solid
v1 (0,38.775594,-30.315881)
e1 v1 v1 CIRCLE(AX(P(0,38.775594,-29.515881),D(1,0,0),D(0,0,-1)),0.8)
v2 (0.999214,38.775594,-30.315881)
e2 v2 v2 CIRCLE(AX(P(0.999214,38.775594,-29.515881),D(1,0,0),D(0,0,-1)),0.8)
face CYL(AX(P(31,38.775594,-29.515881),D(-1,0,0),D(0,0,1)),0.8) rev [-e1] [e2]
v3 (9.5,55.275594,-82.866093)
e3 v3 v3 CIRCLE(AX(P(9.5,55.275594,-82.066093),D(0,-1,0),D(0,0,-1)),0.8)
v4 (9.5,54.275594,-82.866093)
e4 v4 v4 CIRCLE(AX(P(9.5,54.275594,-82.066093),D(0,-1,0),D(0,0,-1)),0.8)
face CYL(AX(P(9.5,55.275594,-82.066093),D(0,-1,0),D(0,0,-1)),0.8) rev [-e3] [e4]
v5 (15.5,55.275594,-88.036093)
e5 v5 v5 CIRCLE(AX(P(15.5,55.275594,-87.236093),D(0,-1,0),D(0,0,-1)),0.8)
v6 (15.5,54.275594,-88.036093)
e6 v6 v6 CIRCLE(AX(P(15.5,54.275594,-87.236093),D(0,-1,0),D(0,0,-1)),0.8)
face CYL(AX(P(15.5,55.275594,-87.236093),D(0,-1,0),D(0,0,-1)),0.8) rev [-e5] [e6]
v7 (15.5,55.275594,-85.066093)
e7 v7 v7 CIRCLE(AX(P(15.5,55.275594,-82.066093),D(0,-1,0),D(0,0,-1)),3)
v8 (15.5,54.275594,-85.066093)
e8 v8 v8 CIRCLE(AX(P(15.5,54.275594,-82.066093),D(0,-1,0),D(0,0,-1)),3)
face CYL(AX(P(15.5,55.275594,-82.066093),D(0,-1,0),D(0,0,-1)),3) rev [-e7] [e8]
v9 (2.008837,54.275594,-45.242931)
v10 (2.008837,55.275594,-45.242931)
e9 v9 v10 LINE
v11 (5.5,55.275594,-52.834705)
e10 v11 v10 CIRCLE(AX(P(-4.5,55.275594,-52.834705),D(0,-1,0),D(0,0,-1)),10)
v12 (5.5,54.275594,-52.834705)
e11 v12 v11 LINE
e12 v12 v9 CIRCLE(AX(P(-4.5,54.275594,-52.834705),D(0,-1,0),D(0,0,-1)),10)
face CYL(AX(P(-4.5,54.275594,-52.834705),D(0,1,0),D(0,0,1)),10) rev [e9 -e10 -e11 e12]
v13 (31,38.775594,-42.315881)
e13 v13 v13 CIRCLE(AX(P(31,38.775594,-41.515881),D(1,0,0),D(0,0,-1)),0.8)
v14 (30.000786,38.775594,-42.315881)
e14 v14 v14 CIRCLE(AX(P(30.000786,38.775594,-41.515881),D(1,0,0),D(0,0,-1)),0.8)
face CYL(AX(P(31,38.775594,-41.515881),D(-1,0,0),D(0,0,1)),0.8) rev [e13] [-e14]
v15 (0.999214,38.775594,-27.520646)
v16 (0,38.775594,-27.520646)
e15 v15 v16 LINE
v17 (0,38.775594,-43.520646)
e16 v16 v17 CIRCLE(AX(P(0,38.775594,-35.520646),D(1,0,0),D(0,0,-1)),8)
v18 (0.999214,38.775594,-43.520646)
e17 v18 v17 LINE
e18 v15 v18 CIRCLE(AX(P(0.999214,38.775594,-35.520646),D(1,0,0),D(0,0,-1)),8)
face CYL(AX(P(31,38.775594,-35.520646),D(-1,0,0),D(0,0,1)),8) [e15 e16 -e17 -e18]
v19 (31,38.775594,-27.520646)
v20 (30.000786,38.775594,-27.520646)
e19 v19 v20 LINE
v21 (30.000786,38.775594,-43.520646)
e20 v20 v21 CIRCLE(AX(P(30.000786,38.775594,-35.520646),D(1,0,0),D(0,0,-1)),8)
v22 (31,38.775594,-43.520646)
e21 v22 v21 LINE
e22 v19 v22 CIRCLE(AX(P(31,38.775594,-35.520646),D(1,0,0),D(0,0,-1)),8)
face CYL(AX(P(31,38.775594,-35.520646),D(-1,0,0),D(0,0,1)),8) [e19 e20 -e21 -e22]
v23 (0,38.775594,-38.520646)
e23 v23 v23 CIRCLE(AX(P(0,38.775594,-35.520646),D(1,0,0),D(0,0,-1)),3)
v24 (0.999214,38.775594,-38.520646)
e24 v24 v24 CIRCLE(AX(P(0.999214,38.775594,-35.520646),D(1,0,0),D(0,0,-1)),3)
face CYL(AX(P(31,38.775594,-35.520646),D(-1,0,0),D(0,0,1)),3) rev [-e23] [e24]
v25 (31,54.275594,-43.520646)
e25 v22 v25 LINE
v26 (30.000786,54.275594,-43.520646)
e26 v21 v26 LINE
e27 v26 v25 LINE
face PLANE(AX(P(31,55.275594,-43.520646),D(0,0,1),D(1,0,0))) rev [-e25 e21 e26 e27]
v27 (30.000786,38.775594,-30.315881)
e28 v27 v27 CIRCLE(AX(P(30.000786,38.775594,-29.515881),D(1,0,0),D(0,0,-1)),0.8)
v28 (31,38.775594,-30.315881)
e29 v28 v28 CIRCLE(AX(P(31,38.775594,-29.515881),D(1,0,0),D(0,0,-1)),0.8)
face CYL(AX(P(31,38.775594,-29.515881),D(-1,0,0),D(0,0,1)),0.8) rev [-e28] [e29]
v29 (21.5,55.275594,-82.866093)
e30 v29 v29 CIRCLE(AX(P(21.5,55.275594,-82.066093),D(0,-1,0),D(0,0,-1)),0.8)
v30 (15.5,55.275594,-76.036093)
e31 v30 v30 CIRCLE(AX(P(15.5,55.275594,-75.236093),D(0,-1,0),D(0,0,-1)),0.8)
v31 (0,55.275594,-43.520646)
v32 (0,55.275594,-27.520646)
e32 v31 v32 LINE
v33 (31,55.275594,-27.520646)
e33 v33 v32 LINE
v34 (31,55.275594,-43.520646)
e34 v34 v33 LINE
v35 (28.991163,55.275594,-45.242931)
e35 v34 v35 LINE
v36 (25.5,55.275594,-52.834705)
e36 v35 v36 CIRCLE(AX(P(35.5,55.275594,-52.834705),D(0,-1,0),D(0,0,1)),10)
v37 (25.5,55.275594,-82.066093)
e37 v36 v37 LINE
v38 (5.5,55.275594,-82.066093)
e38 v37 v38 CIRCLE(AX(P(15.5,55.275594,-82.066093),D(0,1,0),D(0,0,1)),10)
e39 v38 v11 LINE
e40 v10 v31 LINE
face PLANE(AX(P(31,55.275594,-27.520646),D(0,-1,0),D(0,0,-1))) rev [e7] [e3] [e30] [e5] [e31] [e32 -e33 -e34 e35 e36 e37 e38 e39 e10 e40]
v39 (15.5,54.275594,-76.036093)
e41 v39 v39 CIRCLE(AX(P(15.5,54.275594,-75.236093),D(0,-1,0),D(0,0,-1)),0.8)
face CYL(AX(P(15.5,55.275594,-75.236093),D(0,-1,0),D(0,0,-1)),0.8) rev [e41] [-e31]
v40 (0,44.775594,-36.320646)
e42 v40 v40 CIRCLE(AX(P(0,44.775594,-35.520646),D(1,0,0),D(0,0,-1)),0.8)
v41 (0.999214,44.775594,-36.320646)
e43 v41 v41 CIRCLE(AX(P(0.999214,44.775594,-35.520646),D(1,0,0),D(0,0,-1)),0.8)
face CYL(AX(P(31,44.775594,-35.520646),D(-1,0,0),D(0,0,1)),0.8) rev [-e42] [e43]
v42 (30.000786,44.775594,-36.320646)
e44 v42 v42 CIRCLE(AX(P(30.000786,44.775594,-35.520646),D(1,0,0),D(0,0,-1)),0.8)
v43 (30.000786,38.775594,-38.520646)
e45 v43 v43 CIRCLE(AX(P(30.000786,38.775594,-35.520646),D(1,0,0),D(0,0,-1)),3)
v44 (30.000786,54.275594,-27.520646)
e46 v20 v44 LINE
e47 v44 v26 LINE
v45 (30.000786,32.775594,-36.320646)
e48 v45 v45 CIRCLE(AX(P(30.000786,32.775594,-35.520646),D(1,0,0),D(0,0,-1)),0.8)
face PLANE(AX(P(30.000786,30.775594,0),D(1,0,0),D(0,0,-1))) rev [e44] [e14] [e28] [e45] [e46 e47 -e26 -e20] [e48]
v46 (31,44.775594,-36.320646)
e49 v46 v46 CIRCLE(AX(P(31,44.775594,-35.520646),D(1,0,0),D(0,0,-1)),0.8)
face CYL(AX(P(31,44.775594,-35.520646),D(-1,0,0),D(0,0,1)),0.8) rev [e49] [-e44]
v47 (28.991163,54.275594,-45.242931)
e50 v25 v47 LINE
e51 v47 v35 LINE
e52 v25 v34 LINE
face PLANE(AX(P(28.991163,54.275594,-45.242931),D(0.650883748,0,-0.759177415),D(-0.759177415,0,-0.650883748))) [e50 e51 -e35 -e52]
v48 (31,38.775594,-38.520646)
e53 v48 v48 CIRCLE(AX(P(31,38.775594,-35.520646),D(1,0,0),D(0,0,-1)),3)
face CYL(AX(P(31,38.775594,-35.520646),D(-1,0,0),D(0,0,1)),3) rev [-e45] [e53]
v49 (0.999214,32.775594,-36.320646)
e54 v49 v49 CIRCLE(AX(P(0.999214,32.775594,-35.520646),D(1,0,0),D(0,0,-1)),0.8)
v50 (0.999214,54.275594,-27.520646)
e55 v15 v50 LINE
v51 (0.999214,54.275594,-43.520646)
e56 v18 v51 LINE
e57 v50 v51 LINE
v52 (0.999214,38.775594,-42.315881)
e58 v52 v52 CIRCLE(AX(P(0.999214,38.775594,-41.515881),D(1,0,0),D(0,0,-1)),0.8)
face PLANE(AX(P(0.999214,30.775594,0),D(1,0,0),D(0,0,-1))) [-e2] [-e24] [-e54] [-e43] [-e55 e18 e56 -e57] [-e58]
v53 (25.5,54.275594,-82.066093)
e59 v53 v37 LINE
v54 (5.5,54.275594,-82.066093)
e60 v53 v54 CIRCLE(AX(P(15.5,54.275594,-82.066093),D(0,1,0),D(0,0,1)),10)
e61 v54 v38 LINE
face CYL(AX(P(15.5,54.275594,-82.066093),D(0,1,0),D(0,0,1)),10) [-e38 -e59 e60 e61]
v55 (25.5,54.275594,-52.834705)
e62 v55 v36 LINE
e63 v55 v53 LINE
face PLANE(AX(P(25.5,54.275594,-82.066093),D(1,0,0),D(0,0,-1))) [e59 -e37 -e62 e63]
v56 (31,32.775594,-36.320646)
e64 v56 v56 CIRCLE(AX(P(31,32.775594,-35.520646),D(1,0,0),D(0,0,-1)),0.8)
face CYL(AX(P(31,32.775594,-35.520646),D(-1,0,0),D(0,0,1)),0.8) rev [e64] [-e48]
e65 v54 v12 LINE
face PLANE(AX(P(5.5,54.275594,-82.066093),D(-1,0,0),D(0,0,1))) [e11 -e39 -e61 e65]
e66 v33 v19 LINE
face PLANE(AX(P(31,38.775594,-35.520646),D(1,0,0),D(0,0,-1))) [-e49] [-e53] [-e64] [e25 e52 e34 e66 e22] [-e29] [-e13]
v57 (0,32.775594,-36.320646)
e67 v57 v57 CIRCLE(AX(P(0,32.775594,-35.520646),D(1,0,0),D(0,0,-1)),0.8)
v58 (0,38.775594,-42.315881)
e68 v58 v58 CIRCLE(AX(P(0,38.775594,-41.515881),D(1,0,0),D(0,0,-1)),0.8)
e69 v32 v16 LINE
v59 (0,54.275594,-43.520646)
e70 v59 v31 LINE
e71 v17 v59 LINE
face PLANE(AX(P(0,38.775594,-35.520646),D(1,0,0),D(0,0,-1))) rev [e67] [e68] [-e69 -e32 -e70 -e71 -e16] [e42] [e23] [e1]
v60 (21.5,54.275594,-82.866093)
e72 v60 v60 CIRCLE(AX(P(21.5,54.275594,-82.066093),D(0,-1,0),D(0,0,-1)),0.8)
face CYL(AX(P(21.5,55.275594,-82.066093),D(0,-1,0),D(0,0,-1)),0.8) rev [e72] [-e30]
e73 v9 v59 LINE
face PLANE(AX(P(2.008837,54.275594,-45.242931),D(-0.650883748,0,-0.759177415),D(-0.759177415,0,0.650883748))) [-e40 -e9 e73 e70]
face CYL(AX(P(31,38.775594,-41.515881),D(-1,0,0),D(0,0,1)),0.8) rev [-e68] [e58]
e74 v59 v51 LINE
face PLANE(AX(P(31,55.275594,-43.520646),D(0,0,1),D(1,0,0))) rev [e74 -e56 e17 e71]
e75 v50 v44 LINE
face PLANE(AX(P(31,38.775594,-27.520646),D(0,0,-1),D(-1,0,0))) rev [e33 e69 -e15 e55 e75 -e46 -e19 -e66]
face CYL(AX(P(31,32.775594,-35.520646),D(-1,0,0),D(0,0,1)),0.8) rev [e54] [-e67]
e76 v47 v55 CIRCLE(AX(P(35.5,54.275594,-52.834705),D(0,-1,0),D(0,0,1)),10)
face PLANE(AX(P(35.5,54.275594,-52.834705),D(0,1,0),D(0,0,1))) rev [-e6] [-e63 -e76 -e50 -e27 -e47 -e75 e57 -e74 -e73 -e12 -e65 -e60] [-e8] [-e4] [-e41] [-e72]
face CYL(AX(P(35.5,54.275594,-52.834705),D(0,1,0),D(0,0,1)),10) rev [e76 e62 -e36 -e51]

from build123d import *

# Parameters (mm, degrees)
SKETCH1_R           = 0.8
SKETCH1_R_2         = 3
BOSS_EXTRUDE1_DEPTH = 31
BOSS_EXTRUDE2_DEPTH = 1
SKETCH5_R           = 0.8
CUT_EXTRUDE3_DEPTH  = 1
SKETCH5_3_R         = 3
CUT_EXTRUDE4_DEPTH  = 1
CUT_EXTRUDE5_START  = -1
CUT_EXTRUDE5_DEPTH  = 100.186902849


with BuildPart() as part:
    # Sketch1 → Boss-Extrude1 (new body)
    with BuildSketch(Plane(origin=(0, 0, 0), x_dir=(0, 0, -1), z_dir=(1, 0, 0))):
        with BuildLine():
            Line((27.520646447, 38.775594), (27.520646447, 55.275594))
            Line((27.520646447, 55.275594), (43.520646447, 55.275594))
            Line((43.520646447, 55.275594), (43.520646447, 38.775594))
            ThreePointArc((43.520646447, 38.775594), (35.520646447, 30.775594), (27.520646447, 38.775594))
        make_face()
        with Locations((35.520646447, 44.775594)):
            Circle(SKETCH1_R, mode=Mode.SUBTRACT)
        with Locations((41.515881392, 38.775594)):
            Circle(SKETCH1_R, mode=Mode.SUBTRACT)
        with Locations((35.520646447, 32.775594)):
            Circle(SKETCH1_R, mode=Mode.SUBTRACT)
        with Locations((29.515881392, 38.775594)):
            Circle(SKETCH1_R, mode=Mode.SUBTRACT)
        with Locations((35.520646447, 38.775594)):
            Circle(SKETCH1_R_2, mode=Mode.SUBTRACT)
    extrude(amount=BOSS_EXTRUDE1_DEPTH)

    # Sketch4 → Boss-Extrude2 (add)
    with BuildSketch(Plane(origin=(0, 55.275594, 0), x_dir=(1, 0, 0), z_dir=(0, 1, 0))):
        with BuildLine():
            Line((0, 43.520646447), (31, 43.520646447))
            Line((31, 43.520646447), (28.991162523, 45.242931174))
            ThreePointArc((28.991162523, 45.242931174), (26.414616828, 48.656689929), (25.5, 52.83470532))
            Line((25.5, 52.83470532), (25.5, 82.06609312))
            ThreePointArc((25.5, 82.06609312), (15.5, 92.06609312), (5.5, 82.06609312))
            Line((5.5, 82.06609312), (5.5, 52.83470532))
            ThreePointArc((5.5, 52.83470532), (4.585383172, 48.656689929), (2.008837477, 45.242931174))
            Line((2.008837477, 45.242931174), (0, 43.520646447))
        make_face()
    extrude(amount=-BOSS_EXTRUDE2_DEPTH)

    # Sketch5 → Cut-Extrude3 (cut)
    with BuildSketch(Plane.XZ.offset(-54.275594)):
        with Locations((9.5, -82.06609312)):
            Circle(SKETCH5_R)
        with Locations((15.5, -75.236093118)):
            Circle(SKETCH5_R)
        with Locations((21.5, -82.06609312)):
            Circle(SKETCH5_R)
        with Locations((15.5, -87.236093118)):
            Circle(SKETCH5_R)
    extrude(amount=-CUT_EXTRUDE3_DEPTH, mode=Mode.SUBTRACT)

    # Sketch5<3> → Cut-Extrude4 (cut)
    with BuildSketch(Plane.XZ.offset(-54.275594)):
        with Locations((15.5, -82.06609312)):
            Circle(SKETCH5_3_R)
    extrude(amount=-CUT_EXTRUDE4_DEPTH, mode=Mode.SUBTRACT)

    # Sketch6 → Cut-Extrude5 (cut, through all)
    with BuildSketch(Plane(origin=(0, 55.275594, 0), x_dir=(1, 0, 0), z_dir=(0, 1, 0)).offset(CUT_EXTRUDE5_START)):
        Polygon((0.999214172, 44.172026991), (0.999214172, 43.494699328), (0.999214172, 27.546593566), (0.999214172, 27.028954782), (30.000785828, 27.028954782), (30.000785828, 27.546593566), (30.000785828, 43.494699328), (30.000785828, 44.172026991), align=None)
    extrude(amount=-CUT_EXTRUDE5_DEPTH, mode=Mode.SUBTRACT)


solid = part.part
